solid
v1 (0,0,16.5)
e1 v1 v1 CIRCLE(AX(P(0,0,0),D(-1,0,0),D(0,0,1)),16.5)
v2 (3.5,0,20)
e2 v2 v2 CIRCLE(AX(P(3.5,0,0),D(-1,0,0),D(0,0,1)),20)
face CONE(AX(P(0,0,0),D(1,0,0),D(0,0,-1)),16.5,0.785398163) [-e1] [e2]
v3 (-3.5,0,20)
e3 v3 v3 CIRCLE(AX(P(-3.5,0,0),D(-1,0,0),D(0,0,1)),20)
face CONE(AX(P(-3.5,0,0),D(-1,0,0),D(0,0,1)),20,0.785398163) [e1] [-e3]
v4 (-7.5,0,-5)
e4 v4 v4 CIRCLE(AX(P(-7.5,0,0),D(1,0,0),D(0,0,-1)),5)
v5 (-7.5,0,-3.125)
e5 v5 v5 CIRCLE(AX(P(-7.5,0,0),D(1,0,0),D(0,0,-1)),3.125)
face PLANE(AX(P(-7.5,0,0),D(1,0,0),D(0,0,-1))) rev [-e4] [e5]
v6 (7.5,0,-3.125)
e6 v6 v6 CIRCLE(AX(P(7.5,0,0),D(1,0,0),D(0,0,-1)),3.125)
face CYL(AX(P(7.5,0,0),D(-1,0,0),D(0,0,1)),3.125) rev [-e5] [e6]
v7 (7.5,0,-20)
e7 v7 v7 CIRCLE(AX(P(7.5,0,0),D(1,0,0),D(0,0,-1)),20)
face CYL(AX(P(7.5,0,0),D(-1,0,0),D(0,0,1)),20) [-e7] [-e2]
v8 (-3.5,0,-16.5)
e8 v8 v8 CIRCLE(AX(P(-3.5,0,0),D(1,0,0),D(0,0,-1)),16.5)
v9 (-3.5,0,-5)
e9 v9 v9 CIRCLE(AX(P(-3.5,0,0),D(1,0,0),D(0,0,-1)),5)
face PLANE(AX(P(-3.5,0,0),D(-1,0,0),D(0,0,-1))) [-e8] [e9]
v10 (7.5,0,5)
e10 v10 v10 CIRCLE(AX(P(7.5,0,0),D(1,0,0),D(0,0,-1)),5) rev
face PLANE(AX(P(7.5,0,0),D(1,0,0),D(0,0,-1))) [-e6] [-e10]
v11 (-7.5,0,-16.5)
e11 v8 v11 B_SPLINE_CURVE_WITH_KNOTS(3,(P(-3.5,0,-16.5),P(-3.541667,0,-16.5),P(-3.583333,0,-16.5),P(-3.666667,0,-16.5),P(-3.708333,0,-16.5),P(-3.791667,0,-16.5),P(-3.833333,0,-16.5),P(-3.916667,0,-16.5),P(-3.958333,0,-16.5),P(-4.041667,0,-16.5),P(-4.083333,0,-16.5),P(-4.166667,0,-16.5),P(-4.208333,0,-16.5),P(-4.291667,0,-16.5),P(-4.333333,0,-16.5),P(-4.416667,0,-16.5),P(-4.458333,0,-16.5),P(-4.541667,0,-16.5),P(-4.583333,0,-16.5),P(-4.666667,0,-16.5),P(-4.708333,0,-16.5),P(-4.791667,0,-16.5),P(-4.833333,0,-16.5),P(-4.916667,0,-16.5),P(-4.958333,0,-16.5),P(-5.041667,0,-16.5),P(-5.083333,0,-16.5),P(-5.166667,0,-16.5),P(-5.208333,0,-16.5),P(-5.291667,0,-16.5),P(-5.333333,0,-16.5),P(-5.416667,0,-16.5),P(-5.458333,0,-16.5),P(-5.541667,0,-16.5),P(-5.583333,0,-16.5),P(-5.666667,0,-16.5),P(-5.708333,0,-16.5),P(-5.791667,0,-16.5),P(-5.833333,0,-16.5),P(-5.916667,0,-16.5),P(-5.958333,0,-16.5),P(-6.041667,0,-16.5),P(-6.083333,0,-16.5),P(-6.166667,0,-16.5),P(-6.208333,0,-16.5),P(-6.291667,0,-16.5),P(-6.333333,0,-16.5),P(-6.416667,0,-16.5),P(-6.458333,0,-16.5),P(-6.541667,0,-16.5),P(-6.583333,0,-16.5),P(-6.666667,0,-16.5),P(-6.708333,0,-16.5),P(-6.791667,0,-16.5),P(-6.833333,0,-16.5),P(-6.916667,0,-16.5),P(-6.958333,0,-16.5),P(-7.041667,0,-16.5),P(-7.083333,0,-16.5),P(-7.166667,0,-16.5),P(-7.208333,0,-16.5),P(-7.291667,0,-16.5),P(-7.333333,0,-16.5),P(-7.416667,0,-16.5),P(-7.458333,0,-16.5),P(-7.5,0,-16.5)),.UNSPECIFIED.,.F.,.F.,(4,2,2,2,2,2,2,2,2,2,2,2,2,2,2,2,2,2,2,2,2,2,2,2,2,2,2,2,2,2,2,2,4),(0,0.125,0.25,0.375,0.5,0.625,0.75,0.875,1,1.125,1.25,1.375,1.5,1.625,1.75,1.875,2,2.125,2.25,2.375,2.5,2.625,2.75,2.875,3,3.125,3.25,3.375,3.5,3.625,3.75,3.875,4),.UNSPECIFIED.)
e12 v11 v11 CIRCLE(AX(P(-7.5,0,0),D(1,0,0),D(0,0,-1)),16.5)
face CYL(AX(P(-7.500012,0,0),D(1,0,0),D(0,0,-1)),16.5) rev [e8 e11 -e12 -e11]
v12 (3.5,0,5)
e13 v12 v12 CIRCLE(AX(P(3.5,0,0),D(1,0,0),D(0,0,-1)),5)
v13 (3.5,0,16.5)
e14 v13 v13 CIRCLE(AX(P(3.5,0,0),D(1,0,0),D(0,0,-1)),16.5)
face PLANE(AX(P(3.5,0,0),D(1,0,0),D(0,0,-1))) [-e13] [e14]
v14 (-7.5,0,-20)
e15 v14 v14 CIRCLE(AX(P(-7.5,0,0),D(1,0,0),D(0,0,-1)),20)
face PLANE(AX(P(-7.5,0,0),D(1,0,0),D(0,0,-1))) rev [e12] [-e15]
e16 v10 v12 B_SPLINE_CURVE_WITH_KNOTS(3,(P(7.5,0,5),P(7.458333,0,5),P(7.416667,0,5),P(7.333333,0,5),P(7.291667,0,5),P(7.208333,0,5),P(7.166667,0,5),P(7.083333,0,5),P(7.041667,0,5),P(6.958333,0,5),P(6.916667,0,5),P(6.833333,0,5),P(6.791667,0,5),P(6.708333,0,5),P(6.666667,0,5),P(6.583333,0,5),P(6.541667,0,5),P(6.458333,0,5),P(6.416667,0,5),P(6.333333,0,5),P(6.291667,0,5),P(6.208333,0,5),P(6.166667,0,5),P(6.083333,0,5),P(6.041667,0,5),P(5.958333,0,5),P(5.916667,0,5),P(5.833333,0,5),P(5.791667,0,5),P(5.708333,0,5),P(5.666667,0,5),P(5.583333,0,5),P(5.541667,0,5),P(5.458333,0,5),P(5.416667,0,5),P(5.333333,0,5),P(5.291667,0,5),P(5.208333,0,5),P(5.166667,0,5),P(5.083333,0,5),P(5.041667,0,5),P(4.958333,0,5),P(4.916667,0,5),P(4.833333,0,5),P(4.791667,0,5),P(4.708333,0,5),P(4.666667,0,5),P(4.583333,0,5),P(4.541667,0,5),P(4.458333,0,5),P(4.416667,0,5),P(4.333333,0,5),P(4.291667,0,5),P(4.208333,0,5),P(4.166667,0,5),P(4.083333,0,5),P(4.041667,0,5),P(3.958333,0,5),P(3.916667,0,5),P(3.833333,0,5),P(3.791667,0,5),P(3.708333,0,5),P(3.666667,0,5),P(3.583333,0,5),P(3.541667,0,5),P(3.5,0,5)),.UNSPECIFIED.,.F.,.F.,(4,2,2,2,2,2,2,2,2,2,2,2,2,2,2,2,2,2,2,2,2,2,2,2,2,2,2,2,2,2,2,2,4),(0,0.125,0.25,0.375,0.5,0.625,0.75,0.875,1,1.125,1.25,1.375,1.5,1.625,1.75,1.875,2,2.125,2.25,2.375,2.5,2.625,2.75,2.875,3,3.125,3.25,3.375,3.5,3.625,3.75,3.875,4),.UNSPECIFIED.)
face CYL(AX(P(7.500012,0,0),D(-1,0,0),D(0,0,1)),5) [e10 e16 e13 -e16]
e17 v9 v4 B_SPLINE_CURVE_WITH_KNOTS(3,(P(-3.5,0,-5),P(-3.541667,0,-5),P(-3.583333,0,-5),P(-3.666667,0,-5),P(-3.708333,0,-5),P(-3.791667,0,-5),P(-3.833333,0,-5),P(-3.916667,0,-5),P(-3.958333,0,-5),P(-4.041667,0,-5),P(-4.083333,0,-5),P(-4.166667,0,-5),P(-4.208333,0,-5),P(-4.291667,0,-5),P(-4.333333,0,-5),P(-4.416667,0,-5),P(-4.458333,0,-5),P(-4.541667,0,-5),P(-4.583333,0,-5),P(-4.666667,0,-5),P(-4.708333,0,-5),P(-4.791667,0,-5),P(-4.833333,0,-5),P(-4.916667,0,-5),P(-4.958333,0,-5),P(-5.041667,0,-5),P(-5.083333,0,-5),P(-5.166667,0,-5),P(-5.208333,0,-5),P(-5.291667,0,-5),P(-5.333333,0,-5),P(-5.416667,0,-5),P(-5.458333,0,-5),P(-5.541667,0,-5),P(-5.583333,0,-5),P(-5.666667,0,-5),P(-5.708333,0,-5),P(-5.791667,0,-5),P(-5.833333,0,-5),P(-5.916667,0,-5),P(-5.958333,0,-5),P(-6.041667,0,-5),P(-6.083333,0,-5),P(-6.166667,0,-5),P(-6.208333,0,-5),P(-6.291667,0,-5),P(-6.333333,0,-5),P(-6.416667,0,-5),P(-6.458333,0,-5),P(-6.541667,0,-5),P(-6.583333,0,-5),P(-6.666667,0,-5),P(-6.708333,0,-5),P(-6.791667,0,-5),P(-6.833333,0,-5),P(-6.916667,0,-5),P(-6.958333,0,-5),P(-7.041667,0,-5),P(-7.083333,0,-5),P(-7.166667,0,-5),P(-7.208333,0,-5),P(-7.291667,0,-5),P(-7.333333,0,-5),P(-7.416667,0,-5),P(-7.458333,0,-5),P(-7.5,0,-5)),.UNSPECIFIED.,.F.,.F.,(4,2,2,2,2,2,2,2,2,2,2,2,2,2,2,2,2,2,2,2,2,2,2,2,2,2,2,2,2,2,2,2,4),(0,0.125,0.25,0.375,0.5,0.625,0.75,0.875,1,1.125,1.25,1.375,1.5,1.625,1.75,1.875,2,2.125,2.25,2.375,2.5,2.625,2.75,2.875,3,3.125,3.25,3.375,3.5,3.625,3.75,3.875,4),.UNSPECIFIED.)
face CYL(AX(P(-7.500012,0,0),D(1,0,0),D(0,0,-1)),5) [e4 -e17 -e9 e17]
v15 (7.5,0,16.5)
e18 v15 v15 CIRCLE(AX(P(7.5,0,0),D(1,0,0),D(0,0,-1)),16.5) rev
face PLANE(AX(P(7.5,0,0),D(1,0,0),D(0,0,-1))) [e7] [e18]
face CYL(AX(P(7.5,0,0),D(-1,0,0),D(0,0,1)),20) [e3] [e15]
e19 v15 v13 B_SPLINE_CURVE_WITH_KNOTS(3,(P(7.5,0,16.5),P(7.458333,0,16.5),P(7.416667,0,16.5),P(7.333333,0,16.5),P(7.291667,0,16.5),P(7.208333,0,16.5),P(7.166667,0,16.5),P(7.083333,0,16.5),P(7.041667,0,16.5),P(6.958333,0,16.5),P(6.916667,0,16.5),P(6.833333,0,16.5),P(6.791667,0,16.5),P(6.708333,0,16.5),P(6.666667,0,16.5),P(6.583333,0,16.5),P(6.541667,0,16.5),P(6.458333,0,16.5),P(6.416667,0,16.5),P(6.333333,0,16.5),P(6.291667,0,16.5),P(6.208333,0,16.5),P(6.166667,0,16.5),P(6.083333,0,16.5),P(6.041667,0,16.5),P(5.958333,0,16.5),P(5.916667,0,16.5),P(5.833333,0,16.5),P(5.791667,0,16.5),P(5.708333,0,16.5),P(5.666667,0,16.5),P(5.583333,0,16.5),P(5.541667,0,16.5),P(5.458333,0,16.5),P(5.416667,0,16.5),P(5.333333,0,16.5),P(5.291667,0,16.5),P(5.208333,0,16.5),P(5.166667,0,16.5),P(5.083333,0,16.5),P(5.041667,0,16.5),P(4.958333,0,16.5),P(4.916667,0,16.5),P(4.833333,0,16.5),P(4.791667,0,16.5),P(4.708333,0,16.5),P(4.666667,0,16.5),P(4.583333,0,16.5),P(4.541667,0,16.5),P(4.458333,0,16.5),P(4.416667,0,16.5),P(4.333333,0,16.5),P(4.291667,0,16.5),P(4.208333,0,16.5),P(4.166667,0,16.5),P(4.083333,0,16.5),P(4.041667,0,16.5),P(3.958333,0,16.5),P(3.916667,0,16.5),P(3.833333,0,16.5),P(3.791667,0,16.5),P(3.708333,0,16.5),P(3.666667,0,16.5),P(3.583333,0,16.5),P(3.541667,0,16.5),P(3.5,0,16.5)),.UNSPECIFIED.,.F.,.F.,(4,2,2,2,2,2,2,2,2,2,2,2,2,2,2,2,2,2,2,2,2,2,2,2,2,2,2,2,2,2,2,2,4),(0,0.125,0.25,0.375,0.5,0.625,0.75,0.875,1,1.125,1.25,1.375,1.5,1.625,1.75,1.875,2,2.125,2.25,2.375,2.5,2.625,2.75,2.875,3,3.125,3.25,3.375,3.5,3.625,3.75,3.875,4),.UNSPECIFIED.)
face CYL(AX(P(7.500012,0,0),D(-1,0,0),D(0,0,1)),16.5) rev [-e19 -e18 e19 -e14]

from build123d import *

# Parameters (mm, degrees)
SKETCH1_R           = 20
SKETCH1_R_2         = 3.125
BOSS_EXTRUDE1_DEPTH = 7.5
CUT_EXTRUDE1_START  = -4
SKETCH2_R           = 16.5
SKETCH2_R_2         = 5
CUT_EXTRUDE1_DEPTH  = 37.015621187


with BuildPart() as part:
    # Sketch1 → Boss-Extrude1 (new, symmetric)
    with BuildSketch(Plane(origin=(0, 0, 0), x_dir=(0, 0, -1), z_dir=(1, 0, 0))):
        Circle(SKETCH1_R)
        Circle(SKETCH1_R_2, mode=Mode.SUBTRACT)
    extrude(amount=BOSS_EXTRUDE1_DEPTH, both=True)

    # Sketch2 → Cut-Extrude1 (cut)
    with BuildSketch(Plane(origin=(7.5, 0, 0), x_dir=(0, 0, -1), z_dir=(1, 0, 0)).offset(CUT_EXTRUDE1_START)):
        with Locations(Location((0, 0, 0), (0, 0, 180))):
            Circle(SKETCH2_R)
        with Locations(Location((0, 0, 0), (0, 0, 180))):
            Circle(SKETCH2_R_2, mode=Mode.SUBTRACT)
    cut_extrude1 = extrude(amount=CUT_EXTRUDE1_DEPTH, mode=Mode.SUBTRACT)

    # Mirror1: Cut-Extrude1 across plane
    add(cut_extrude1.mirror(Plane(origin=(0, 0, 0), x_dir=(0, 0, 1), z_dir=(1, 0, 0))), mode=Mode.SUBTRACT)

    # Sketch3 → Cut-Revolve2 (revolve, cut)
    with BuildSketch(Plane.XY, mode=Mode.PRIVATE) as cut_revolve2_sk:
        Polygon((-3.5, 20), (0, 16.5), (3.5, 20), align=None)
    revolve(cut_revolve2_sk.sketch.rotate(Axis((0, 0, 0), (1, 0, 0)), 90), axis=Axis((0, 0, 0), (1, 0, 0)), mode=Mode.SUBTRACT)


solid = part.part
